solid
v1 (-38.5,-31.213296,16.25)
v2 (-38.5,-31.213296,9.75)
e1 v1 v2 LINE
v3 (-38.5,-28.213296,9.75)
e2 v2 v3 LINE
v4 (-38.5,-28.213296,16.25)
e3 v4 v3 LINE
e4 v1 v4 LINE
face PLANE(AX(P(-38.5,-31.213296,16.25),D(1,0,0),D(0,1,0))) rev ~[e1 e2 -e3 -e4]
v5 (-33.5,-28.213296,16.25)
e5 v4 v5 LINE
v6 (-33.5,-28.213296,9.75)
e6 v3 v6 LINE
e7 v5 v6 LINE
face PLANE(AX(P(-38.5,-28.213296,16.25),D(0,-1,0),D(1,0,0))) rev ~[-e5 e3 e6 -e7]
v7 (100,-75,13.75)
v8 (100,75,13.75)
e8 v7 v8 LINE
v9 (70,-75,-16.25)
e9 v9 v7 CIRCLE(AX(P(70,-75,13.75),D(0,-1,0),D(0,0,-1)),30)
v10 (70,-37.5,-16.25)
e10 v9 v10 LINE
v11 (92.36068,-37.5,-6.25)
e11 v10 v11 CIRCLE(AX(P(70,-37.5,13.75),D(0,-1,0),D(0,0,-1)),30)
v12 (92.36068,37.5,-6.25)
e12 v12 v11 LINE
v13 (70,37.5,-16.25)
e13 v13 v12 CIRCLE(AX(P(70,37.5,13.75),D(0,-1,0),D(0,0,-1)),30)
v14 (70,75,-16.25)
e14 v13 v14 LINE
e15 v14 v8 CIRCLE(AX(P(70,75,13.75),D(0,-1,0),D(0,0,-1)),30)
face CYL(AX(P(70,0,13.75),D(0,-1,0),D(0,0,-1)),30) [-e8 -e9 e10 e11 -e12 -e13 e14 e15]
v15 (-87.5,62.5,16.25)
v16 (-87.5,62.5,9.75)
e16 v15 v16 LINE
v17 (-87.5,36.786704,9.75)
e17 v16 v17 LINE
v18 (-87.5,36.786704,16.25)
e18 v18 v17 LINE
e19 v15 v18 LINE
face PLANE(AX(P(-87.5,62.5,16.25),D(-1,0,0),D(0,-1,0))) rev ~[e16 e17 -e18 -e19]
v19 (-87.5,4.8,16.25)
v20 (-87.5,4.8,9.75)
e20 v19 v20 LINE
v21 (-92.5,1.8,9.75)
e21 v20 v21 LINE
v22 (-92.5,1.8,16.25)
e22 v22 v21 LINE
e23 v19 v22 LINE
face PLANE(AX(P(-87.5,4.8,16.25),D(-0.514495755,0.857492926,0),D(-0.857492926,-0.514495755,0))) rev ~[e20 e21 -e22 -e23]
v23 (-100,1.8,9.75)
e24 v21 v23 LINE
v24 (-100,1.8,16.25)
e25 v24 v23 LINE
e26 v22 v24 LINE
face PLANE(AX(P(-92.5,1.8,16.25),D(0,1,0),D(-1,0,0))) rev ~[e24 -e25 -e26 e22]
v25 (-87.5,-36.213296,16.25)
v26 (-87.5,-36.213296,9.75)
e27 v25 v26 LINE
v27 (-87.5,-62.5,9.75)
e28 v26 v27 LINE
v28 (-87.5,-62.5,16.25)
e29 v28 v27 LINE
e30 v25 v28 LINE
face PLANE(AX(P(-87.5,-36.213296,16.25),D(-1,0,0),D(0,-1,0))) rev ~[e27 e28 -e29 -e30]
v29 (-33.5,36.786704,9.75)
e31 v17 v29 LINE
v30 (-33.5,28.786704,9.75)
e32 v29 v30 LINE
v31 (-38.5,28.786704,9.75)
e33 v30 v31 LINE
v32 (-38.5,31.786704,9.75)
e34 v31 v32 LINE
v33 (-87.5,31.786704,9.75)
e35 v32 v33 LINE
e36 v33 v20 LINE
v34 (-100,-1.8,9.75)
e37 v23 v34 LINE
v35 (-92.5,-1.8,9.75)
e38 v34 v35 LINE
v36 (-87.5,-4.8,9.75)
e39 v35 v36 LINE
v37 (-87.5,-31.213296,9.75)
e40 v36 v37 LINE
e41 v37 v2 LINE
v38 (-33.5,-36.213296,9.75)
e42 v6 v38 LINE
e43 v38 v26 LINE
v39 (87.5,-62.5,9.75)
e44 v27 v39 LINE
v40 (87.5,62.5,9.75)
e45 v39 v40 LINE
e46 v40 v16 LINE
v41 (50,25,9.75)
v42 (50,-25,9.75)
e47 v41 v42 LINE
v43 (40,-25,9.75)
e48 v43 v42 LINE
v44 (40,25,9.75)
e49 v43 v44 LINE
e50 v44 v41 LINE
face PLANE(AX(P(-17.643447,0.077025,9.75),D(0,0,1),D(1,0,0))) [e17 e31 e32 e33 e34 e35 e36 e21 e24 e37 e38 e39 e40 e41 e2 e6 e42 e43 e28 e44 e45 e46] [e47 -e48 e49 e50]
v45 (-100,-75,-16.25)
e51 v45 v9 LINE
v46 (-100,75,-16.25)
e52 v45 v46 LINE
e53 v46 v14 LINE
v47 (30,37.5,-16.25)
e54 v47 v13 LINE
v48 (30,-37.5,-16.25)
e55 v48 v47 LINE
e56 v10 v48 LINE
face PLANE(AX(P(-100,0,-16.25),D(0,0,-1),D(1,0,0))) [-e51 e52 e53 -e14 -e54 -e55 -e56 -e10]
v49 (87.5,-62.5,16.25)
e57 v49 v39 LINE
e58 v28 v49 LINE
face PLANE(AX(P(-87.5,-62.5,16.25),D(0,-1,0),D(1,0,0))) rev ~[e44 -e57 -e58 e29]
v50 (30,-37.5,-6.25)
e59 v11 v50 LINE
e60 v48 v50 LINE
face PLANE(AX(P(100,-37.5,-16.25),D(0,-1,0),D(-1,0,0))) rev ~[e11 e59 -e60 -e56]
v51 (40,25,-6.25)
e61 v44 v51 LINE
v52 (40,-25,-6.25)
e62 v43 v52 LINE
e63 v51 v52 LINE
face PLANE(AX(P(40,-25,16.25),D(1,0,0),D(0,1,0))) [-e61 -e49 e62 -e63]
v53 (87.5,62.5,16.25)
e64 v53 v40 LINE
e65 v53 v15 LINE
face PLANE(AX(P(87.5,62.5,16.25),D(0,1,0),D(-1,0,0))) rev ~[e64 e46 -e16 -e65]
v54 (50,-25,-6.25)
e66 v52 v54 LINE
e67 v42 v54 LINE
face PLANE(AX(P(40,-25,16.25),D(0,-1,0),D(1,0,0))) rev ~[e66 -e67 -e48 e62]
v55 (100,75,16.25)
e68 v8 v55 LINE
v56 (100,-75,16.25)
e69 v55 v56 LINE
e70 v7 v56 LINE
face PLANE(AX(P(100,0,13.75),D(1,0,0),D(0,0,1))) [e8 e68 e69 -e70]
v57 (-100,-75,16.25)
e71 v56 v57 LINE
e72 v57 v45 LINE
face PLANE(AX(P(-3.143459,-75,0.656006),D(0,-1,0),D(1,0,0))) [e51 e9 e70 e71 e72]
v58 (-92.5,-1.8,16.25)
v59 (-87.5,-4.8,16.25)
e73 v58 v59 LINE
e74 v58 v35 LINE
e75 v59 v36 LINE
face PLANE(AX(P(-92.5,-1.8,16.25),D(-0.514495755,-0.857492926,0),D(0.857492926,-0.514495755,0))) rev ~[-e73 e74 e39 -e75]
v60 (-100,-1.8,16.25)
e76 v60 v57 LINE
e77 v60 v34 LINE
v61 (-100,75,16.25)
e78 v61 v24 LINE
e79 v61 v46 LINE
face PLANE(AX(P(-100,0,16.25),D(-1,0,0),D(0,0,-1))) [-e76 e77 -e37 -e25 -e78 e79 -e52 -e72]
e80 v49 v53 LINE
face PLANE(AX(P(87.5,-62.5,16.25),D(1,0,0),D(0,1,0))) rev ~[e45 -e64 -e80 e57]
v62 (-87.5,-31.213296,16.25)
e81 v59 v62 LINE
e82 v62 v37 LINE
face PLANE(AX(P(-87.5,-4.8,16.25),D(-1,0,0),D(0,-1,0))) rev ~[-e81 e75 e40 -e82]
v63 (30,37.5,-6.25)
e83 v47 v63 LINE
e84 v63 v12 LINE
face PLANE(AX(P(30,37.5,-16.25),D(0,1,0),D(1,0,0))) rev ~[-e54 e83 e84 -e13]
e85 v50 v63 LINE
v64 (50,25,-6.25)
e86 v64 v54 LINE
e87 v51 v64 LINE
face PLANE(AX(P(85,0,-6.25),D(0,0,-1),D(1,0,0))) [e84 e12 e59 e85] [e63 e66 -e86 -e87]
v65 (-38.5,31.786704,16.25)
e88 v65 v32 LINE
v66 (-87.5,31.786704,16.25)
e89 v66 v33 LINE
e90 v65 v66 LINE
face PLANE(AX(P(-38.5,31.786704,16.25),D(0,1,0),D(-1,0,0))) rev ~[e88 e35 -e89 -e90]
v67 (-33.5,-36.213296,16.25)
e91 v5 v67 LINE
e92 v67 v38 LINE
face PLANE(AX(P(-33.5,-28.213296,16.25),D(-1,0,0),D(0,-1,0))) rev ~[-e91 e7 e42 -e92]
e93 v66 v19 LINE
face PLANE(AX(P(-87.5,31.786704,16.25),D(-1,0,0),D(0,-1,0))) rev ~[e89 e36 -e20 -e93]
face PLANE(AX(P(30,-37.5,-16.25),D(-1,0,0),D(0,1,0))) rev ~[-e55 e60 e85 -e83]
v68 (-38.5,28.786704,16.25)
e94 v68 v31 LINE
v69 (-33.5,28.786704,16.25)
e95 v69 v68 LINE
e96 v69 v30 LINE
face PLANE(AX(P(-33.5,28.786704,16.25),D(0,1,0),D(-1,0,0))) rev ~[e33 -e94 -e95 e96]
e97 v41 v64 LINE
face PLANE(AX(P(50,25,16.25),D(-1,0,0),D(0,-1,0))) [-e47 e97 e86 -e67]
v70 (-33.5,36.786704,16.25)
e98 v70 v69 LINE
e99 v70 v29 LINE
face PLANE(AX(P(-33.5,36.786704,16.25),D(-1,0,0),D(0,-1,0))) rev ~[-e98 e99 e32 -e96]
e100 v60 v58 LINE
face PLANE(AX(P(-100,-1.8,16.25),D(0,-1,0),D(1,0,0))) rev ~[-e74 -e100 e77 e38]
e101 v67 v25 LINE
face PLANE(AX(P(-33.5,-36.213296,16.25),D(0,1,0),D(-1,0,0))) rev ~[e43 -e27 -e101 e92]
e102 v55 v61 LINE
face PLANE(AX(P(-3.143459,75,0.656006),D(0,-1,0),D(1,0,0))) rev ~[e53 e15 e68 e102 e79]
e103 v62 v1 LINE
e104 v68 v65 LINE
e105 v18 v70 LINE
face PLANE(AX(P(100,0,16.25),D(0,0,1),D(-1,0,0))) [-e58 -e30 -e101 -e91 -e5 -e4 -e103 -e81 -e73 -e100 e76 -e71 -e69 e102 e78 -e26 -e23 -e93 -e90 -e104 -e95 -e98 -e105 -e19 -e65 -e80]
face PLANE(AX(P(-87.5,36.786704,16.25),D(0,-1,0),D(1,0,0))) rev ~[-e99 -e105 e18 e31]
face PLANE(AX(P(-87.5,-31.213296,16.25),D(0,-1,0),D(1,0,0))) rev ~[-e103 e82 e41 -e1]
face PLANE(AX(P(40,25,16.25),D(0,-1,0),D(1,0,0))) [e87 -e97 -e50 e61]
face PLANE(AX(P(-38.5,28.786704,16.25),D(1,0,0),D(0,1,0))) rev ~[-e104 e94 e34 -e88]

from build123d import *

# Parameters (mm, degrees)
F1_DEPTH = 75
F2_W     = 10
F2_H     = 12.5
F3_DEPTH = 6.5
F4_DEPTH = 9000
F5_W     = 30
F5_H     = 75
F5_W_2   = 10
F5_H_2   = 50
F6_DEPTH = 10


with BuildPart() as f1:
    # F0 (on Front) → F1 (new body, symmetric)
    with BuildSketch(Plane.XZ):
        with BuildLine():
            Line((100, 13.75), (100, 16.25))
            Line((100, 16.25), (-100, 16.25))
            Line((-100, 16.25), (-100, -16.25))
            Line((-100, -16.25), (70, -16.25))
            ThreePointArc((70, -16.25), (91.2132034356, -7.4632034356), (100, 13.75))
        make_face()
    extrude(amount=F1_DEPTH, both=True)

    # F2 (on face) → F3 (cut)
    with BuildSketch(Plane.XY.offset(16.25)):
        Polygon((87.5, -62.5), (87.5, 62.5), (-87.5, 62.5), (-87.5, 36.7867040902), (-41, 36.7867040902), (-33.5, 36.7867040902), (-33.5, 28.7867040902), (-38.5, 28.7867040902), (-38.5, 31.7867040902), (-46, 31.7867040902), (-87.5, 31.7867040902), (-87.5, 4.8), (-92.5, 1.8), (-100, 1.8), (-100, -1.8), (-92.5, -1.8), (-87.5, -4.8), (-87.5, -31.2132959098), (-38.5, -31.2132959098), (-38.5, -28.2132959098), (-33.5, -28.2132959098), (-33.5, -36.2132959098), (-41, -36.2132959098), (-46, -36.2132959098), (-87.5, -36.2132959098), (-87.5, -62.5), (-77.5, -62.5), align=None)
        Polygon((40, -25), (40, 0), (40, 25), (40, 37.5), (50, 37.5), (50, 25), (50, -25), (50, -37.5), (40, -37.5), align=None, mode=Mode.SUBTRACT)
        with Locations((45, 31.25)):
            Rectangle(F2_W, F2_H)
        with Locations((45, -31.25)):
            Rectangle(F2_W, F2_H)
    extrude(amount=-F3_DEPTH, mode=Mode.SUBTRACT)

    # F4 (cut): a face of the model
    f4_faces = [f1.faces().sort_by_distance(p)[0] for p in [
        (45, 0, 16.25),
    ]]
    extrude(f4_faces, amount=-F4_DEPTH, mode=Mode.SUBTRACT)

    # F5 (on face) → F6 (cut)
    with BuildSketch(Plane(origin=(0, 0, -16.25), x_dir=(1, 0, 0), z_dir=(0, 0, -1))):
        with Locations((85, 0)):
            Rectangle(F5_W, F5_H)
        Polygon((30, 37.5), (30, 0), (30, -37.5), (70, -37.5), (70, 37.5), align=None)
        with Locations((45, 0)):
            Rectangle(F5_W_2, F5_H_2, mode=Mode.SUBTRACT)
    extrude(amount=-F6_DEPTH, mode=Mode.SUBTRACT)


solid = f1.part
